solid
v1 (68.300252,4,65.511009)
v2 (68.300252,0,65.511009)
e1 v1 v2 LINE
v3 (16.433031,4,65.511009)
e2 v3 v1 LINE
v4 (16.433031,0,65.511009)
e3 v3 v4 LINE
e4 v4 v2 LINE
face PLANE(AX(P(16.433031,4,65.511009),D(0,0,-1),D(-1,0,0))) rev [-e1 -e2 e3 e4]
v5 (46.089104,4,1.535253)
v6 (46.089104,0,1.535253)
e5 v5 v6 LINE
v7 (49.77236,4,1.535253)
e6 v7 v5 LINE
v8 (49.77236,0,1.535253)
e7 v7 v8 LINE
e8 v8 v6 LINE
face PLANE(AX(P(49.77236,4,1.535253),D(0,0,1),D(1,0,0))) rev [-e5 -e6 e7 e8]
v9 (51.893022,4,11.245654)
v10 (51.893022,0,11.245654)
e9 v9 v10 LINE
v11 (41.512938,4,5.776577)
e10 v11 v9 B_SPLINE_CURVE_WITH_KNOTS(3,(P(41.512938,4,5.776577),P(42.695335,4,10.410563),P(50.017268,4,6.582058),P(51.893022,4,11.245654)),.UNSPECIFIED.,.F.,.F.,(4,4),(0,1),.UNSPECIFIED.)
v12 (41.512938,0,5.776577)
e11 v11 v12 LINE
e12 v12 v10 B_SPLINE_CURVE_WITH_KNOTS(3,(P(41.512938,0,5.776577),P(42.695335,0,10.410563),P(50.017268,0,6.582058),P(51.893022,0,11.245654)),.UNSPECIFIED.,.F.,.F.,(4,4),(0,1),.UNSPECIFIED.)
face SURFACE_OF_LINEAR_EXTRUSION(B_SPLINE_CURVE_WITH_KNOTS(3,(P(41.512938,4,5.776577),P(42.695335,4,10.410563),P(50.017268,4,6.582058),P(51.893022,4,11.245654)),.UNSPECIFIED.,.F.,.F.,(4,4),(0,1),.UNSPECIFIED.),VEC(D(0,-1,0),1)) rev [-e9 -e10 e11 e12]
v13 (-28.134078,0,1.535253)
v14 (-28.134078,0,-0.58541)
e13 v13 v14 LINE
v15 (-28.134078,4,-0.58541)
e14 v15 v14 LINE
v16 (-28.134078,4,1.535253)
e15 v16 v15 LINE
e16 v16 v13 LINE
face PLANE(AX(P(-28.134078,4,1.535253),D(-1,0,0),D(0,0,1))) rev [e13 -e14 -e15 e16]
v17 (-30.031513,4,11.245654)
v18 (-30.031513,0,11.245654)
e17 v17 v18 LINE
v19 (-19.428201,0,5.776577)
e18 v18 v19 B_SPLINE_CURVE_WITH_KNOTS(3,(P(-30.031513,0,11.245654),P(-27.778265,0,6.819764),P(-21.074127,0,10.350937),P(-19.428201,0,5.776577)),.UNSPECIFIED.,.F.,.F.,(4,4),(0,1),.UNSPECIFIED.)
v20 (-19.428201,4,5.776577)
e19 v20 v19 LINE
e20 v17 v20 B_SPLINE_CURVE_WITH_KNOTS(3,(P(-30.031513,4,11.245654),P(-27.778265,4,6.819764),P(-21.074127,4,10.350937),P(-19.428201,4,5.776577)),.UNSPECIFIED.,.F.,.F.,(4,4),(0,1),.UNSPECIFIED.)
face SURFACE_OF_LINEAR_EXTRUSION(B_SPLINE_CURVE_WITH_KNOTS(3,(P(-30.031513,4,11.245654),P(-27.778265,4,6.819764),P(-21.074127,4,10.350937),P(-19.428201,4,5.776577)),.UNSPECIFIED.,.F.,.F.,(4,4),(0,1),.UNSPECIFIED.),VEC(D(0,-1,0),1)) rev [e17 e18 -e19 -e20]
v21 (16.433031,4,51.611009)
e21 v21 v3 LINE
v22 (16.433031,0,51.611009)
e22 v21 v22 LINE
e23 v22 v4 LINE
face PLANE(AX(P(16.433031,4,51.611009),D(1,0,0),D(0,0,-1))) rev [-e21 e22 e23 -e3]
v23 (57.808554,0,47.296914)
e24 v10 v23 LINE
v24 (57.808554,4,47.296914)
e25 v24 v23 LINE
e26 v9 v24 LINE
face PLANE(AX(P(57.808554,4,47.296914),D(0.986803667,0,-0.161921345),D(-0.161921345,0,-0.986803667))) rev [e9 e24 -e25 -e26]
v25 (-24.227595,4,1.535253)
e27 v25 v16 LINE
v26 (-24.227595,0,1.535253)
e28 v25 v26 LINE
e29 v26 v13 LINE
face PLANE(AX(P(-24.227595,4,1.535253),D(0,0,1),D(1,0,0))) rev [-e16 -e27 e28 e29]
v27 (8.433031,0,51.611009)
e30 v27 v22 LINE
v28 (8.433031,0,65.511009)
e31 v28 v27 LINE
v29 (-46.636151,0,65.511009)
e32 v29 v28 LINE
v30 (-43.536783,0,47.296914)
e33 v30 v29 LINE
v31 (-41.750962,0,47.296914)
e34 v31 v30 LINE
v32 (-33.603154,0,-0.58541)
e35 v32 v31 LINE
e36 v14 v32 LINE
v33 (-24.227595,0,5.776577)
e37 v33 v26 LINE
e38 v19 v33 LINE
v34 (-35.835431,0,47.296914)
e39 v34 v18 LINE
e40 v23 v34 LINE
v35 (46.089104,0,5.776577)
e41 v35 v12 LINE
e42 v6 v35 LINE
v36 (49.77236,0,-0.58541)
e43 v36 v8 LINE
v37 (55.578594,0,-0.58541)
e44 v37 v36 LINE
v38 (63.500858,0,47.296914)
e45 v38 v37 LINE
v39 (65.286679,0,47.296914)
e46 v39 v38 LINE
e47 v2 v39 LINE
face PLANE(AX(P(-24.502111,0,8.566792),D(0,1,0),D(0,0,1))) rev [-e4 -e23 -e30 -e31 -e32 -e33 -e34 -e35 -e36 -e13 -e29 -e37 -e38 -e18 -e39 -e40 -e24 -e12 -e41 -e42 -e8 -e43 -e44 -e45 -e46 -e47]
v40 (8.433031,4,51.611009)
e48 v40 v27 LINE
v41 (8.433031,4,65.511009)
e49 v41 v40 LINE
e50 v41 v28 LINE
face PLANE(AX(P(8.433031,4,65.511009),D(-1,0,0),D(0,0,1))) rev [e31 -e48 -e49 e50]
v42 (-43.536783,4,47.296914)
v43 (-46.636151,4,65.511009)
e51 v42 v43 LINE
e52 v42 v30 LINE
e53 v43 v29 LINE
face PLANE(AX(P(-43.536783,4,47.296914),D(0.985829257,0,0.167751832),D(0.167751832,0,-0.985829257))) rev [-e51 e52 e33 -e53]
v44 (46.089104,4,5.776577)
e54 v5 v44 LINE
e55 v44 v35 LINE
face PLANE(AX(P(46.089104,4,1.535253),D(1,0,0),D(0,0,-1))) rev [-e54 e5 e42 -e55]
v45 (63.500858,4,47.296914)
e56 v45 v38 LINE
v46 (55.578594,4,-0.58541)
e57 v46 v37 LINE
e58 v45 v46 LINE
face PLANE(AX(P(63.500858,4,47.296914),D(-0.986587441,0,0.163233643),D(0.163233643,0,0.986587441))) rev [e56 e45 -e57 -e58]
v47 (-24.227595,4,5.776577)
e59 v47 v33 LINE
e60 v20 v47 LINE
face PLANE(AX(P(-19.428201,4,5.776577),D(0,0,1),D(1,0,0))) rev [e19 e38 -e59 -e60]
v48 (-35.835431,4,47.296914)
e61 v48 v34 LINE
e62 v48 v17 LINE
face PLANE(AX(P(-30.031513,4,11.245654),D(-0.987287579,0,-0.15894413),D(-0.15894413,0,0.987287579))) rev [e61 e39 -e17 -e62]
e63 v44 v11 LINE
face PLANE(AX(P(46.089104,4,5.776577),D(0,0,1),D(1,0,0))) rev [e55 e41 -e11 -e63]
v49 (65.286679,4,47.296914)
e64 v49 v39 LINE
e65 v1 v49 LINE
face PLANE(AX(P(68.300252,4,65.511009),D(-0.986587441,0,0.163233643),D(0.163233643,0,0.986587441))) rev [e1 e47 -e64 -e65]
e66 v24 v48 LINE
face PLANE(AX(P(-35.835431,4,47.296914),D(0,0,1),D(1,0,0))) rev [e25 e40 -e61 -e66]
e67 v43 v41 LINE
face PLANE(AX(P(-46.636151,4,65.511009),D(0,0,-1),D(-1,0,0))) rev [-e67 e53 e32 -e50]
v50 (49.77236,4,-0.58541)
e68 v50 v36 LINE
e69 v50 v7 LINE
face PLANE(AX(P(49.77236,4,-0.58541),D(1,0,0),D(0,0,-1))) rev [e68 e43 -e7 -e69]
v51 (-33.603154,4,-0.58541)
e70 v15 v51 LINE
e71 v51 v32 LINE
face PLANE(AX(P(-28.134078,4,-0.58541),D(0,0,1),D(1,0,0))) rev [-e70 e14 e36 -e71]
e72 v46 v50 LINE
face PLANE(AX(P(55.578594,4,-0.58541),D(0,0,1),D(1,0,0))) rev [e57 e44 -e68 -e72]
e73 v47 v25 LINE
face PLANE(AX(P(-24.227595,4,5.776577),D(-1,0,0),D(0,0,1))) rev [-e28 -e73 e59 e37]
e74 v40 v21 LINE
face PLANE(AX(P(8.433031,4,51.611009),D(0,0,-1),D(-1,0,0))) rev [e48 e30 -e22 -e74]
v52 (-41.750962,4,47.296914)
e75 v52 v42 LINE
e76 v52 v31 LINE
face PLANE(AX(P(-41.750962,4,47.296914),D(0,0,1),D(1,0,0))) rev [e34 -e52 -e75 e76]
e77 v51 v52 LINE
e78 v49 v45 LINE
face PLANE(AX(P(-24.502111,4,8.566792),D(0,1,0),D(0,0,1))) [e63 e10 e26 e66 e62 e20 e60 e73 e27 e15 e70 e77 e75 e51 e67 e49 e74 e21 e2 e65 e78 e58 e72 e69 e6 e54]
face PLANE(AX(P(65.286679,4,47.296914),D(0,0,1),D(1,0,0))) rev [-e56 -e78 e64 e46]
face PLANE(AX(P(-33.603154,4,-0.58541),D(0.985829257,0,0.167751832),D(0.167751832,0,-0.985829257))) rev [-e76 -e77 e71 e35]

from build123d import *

# Parameters (mm, degrees)
EXTRUDE_1_DEPTH = 4


with BuildPart() as part:
    # 草图1 → 凸台-拉伸1 (new body)
    with BuildSketch(Plane(origin=(0, 0, 0), x_dir=(1, 0, 0), z_dir=(0, 1, 0))):
        with BuildLine():
            Line((-19.428200902, -5.776577465), (-24.227594621, -5.776577465))
            Line((-24.227594621, -5.776577465), (-24.227594621, -1.535252783))
            Line((-24.227594621, -1.535252783), (-28.134077881, -1.535252783))
            Line((-28.134077881, -1.535252783), (-28.134077881, 0.585409558))
            Line((-28.134077881, 0.585409558), (-33.603154445, 0.585409558))
            Line((-33.603154445, 0.585409558), (-41.750962387, -47.296913826))
            Line((-41.750962387, -47.296913826), (-43.536783306, -47.296913826))
            Line((-43.536783306, -47.296913826), (-46.636151448, -65.511008799))
            Line((-46.636151448, -65.511008799), (8.433030865, -65.511008799))
            Line((8.433030865, -65.511008799), (8.433030865, -51.611008799))
            Line((8.433030865, -51.611008799), (16.433030865, -51.611008799))
            Line((16.433030865, -51.611008799), (16.433030865, -65.511008799))
            Line((16.433030865, -65.511008799), (68.300251733, -65.511008799))
            Line((68.300251733, -65.511008799), (65.286678932, -47.296913826))
            Line((65.286678932, -47.296913826), (63.500858013, -47.296913826))
            Line((63.500858013, -47.296913826), (55.578594097, 0.585409558))
            Line((55.578594097, 0.585409558), (49.7723597, 0.585409558))
            Line((49.7723597, 0.585409558), (49.7723597, -1.535252783))
            Line((49.7723597, -1.535252783), (46.089104055, -1.535252783))
            Line((46.089104055, -1.535252783), (46.089104055, -5.776577465))
            Line((46.089104055, -5.776577465), (41.512937951, -5.776577465))
            add(Edge.make_bspline(
                [(41.512937951, -5.776577465), (42.69533512, -10.410562899), (50.01726791, -6.582058067), (51.893022041, -11.245654029)],
                knots=[0, 0, 0, 0, 1, 1, 1, 1], degree=3))
            Line((51.893022041, -11.245654029), (57.808553835, -47.296913826))
            Line((57.808553835, -47.296913826), (-35.835430593, -47.296913826))
            Line((-35.835430593, -47.296913826), (-30.031512607, -11.245654029))
            add(Edge.make_bspline(
                [(-19.428200902, -5.776577465), (-21.07412713, -10.350937498), (-27.778264505, -6.819763811), (-30.031512607, -11.245654029)],
                knots=[0, 0, 0, 0, 1, 1, 1, 1], degree=3))
        make_face()
    extrude(amount=EXTRUDE_1_DEPTH)


solid = part.part
